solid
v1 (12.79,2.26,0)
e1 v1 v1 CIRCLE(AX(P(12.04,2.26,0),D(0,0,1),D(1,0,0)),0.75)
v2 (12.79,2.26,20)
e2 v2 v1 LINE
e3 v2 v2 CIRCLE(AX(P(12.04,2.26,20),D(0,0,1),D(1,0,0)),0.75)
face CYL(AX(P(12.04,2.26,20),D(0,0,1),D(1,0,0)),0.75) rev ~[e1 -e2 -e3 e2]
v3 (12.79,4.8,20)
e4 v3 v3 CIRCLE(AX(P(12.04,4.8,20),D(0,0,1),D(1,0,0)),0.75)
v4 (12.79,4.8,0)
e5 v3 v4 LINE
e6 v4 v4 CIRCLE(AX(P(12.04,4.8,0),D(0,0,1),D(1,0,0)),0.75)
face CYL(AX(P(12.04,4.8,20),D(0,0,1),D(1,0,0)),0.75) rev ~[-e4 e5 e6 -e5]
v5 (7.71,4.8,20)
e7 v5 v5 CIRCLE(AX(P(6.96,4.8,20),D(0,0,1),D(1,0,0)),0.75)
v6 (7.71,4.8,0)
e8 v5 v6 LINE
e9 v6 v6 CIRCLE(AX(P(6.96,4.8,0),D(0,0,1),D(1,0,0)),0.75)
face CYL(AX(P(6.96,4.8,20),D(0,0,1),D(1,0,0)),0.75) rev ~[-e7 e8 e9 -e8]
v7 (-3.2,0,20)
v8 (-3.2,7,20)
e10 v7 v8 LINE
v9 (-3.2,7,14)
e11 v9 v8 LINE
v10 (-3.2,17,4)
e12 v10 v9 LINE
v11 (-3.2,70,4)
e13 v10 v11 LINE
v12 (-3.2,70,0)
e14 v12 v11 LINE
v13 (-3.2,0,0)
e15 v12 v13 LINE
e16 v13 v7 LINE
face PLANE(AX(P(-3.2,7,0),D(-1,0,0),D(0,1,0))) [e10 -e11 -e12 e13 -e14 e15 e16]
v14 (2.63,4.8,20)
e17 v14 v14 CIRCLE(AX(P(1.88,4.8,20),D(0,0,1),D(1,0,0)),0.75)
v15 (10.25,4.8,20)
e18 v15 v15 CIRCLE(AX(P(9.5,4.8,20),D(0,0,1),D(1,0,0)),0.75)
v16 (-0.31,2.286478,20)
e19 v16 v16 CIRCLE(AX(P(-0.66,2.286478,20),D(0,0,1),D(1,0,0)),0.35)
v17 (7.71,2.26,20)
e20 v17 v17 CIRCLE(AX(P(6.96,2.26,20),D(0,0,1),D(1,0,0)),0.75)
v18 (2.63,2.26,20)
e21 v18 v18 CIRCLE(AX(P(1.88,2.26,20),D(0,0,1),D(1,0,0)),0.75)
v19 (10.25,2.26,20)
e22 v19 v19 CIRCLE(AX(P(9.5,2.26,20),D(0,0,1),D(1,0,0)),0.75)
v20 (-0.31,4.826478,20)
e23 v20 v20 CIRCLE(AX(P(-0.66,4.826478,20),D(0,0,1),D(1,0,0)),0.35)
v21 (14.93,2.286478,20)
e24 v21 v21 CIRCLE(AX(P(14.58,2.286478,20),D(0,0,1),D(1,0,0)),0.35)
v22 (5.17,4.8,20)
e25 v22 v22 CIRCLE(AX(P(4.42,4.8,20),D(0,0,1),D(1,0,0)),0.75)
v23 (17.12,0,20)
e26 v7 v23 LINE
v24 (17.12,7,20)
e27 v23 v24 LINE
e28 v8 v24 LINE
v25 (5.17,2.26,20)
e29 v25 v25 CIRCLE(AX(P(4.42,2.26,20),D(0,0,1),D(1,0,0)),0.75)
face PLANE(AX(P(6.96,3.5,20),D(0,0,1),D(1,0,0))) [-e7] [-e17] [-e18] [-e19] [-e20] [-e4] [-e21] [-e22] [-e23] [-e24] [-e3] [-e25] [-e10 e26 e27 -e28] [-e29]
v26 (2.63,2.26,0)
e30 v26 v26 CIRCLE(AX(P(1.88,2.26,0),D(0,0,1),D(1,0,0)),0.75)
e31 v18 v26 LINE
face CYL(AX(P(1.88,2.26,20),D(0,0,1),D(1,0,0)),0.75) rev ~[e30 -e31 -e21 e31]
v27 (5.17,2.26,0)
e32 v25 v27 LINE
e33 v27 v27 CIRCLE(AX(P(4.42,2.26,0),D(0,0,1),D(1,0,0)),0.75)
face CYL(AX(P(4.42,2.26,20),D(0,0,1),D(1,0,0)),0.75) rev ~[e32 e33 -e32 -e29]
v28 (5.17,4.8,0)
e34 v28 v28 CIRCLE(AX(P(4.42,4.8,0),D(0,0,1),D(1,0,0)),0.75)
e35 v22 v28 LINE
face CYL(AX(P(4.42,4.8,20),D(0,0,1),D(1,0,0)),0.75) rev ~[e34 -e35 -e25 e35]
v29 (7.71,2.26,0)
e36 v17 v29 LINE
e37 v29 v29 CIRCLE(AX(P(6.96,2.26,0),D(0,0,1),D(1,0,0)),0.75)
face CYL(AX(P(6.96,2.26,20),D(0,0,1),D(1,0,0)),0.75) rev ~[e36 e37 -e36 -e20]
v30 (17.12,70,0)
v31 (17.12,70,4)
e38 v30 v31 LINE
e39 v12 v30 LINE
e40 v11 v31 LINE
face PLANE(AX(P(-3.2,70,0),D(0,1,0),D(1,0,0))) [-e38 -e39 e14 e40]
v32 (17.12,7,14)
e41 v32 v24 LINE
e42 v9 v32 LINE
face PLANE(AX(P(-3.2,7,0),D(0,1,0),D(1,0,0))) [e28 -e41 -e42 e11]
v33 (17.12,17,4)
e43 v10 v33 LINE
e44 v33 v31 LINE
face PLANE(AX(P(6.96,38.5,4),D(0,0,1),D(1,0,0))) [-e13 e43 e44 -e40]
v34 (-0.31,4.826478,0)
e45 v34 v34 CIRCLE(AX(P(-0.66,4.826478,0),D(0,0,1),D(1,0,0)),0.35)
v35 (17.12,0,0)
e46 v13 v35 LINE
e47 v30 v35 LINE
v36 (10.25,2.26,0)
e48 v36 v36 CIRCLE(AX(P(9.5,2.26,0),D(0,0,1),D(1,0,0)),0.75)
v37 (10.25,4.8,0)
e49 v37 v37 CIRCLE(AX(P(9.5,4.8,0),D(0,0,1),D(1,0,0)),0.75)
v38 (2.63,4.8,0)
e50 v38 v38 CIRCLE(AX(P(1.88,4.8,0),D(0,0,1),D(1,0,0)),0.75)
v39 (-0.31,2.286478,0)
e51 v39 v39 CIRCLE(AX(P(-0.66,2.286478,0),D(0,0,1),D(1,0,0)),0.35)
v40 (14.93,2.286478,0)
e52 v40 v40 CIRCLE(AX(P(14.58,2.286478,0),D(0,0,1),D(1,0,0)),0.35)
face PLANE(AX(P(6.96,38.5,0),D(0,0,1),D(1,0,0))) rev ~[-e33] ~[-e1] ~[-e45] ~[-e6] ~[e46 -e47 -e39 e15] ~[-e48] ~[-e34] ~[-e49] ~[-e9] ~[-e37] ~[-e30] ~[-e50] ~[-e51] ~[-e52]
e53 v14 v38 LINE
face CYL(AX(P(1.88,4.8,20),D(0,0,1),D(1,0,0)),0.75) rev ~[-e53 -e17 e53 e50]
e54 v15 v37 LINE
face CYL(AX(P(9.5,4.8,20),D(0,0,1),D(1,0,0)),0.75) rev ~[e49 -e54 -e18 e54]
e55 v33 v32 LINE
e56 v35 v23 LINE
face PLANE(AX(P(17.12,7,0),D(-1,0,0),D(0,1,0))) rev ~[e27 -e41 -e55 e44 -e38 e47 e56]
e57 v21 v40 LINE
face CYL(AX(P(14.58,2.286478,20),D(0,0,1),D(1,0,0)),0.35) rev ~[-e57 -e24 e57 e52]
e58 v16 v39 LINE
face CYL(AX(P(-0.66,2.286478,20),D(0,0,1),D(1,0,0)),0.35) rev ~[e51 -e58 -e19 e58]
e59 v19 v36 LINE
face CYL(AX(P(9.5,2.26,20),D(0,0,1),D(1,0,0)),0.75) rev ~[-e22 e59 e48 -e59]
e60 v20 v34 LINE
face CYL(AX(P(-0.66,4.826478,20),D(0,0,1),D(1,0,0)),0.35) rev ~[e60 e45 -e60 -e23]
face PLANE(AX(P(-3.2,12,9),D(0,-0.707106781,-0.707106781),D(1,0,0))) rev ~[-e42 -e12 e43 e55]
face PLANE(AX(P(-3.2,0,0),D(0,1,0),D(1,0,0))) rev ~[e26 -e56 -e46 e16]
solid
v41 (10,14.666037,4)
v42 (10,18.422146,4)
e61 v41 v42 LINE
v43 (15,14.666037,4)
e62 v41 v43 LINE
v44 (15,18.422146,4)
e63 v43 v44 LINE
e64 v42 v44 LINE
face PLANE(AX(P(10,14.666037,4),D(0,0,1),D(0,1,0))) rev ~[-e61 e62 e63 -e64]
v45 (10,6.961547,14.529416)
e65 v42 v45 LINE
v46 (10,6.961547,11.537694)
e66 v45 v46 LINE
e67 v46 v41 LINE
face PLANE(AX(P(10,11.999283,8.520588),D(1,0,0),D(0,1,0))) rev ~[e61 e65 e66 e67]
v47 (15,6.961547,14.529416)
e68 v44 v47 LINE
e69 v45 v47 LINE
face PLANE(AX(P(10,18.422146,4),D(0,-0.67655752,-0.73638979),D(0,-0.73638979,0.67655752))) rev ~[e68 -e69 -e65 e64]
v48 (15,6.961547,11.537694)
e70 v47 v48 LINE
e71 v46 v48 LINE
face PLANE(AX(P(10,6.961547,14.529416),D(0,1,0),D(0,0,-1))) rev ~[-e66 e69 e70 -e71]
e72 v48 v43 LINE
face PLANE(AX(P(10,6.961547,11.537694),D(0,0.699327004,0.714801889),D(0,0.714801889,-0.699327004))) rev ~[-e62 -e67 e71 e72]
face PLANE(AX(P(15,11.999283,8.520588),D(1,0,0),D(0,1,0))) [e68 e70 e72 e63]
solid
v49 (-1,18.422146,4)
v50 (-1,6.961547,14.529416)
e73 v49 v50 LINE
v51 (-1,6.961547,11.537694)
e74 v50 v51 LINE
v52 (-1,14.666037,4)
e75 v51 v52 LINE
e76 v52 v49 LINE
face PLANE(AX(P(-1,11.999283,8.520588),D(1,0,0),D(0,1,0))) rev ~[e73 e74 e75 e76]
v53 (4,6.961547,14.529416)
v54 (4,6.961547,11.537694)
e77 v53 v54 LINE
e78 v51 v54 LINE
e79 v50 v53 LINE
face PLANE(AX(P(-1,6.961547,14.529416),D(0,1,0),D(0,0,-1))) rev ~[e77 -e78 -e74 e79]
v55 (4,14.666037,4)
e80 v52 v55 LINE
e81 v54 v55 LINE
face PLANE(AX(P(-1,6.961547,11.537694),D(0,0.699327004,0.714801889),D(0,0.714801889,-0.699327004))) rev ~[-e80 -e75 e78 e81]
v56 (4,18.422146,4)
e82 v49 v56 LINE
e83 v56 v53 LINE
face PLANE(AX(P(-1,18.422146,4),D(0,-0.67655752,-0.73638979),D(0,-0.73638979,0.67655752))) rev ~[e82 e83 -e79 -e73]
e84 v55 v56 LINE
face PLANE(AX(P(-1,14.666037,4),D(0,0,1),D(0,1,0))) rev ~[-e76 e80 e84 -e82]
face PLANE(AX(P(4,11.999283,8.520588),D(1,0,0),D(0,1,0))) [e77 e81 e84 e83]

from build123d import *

# Parameters (mm, degrees)
PAD_DEPTH    = 5
PAD001_DEPTH = 5
BOX002_W     = 20.32
BOX002_H     = 63
BOX002_DEPTH = 4
BOX_W        = 20.32
BOX_H        = 7
BOX_DEPTH    = 20
SKETCH_R     = 0.75
SKETCH_R_2   = 0.35
POCKET_DEPTH = 20
CHAMFER_SIZE = 10


with BuildPart() as pad:
    # Sketch001 → Pad (new body)
    with BuildSketch(Plane.YZ.offset(-1)):
        Polygon((6.961547, 14.529416), (6.961547, 11.537694), (14.666037, 4), (18.422146, 4), align=None)
    extrude(amount=PAD_DEPTH)


with BuildPart() as pad001:
    # Sketch002 → Pad001 (new body)
    with BuildSketch(Plane.YZ.offset(10)):
        Polygon((6.961547, 14.529416), (6.961547, 11.537694), (14.666037, 4), (18.422146, 4), align=None)
    extrude(amount=PAD001_DEPTH)


with BuildPart() as cube002:
    # Box002 → Box002 (new body)
    with BuildSketch(Plane(origin=(-3.2, 7, 0), x_dir=(1, 0, 0), z_dir=(0, 0, 1))):
        with Locations((10.16, 31.5)):
            Rectangle(BOX002_W, BOX002_H)
    extrude(amount=BOX002_DEPTH)


with BuildPart() as chamfer_body:
    # Box → Box (new body)
    with BuildSketch(Plane(origin=(-3.2, 0, 0), x_dir=(1, 0, 0), z_dir=(0, 0, 1))):
        with Locations((10.16, 3.5)):
            Rectangle(BOX_W, BOX_H)
    extrude(amount=BOX_DEPTH)

    # Sketch → Pocket (cut)
    with BuildSketch(Plane(origin=(-3.2, 0, 20), x_dir=(1, 0, 0), z_dir=(0, 0, 1))):
        with Locations((5.08, 2.26)):
            Circle(SKETCH_R)
        with Locations((7.62, 2.26)):
            Circle(SKETCH_R)
        with Locations((10.16, 2.26)):
            Circle(SKETCH_R)
        with Locations((12.7, 2.26)):
            Circle(SKETCH_R)
        with Locations((15.24, 2.26)):
            Circle(SKETCH_R)
        with Locations((5.08, 4.8)):
            Circle(SKETCH_R)
        with Locations((7.62, 4.8)):
            Circle(SKETCH_R)
        with Locations((10.16, 4.8)):
            Circle(SKETCH_R)
        with Locations((12.7, 4.8)):
            Circle(SKETCH_R)
        with Locations((15.24, 4.8)):
            Circle(SKETCH_R)
        with Locations((2.54, 2.286478)):
            Circle(SKETCH_R_2)
        with Locations((2.54, 4.826478)):
            Circle(SKETCH_R_2)
        with Locations((17.78, 2.286478)):
            Circle(SKETCH_R_2)
    extrude(amount=-POCKET_DEPTH, mode=Mode.SUBTRACT)

    # Fusion: union Cube002
    add(cube002.part)

    # Chamfer
    chamfer_edges = [chamfer_body.edges().sort_by_distance(p)[0] for p in [
        (6.96, 7, 4),
    ]]
    chamfer(chamfer_edges, length=CHAMFER_SIZE)


solid = Compound([pad.part, pad001.part, chamfer_body.part])
